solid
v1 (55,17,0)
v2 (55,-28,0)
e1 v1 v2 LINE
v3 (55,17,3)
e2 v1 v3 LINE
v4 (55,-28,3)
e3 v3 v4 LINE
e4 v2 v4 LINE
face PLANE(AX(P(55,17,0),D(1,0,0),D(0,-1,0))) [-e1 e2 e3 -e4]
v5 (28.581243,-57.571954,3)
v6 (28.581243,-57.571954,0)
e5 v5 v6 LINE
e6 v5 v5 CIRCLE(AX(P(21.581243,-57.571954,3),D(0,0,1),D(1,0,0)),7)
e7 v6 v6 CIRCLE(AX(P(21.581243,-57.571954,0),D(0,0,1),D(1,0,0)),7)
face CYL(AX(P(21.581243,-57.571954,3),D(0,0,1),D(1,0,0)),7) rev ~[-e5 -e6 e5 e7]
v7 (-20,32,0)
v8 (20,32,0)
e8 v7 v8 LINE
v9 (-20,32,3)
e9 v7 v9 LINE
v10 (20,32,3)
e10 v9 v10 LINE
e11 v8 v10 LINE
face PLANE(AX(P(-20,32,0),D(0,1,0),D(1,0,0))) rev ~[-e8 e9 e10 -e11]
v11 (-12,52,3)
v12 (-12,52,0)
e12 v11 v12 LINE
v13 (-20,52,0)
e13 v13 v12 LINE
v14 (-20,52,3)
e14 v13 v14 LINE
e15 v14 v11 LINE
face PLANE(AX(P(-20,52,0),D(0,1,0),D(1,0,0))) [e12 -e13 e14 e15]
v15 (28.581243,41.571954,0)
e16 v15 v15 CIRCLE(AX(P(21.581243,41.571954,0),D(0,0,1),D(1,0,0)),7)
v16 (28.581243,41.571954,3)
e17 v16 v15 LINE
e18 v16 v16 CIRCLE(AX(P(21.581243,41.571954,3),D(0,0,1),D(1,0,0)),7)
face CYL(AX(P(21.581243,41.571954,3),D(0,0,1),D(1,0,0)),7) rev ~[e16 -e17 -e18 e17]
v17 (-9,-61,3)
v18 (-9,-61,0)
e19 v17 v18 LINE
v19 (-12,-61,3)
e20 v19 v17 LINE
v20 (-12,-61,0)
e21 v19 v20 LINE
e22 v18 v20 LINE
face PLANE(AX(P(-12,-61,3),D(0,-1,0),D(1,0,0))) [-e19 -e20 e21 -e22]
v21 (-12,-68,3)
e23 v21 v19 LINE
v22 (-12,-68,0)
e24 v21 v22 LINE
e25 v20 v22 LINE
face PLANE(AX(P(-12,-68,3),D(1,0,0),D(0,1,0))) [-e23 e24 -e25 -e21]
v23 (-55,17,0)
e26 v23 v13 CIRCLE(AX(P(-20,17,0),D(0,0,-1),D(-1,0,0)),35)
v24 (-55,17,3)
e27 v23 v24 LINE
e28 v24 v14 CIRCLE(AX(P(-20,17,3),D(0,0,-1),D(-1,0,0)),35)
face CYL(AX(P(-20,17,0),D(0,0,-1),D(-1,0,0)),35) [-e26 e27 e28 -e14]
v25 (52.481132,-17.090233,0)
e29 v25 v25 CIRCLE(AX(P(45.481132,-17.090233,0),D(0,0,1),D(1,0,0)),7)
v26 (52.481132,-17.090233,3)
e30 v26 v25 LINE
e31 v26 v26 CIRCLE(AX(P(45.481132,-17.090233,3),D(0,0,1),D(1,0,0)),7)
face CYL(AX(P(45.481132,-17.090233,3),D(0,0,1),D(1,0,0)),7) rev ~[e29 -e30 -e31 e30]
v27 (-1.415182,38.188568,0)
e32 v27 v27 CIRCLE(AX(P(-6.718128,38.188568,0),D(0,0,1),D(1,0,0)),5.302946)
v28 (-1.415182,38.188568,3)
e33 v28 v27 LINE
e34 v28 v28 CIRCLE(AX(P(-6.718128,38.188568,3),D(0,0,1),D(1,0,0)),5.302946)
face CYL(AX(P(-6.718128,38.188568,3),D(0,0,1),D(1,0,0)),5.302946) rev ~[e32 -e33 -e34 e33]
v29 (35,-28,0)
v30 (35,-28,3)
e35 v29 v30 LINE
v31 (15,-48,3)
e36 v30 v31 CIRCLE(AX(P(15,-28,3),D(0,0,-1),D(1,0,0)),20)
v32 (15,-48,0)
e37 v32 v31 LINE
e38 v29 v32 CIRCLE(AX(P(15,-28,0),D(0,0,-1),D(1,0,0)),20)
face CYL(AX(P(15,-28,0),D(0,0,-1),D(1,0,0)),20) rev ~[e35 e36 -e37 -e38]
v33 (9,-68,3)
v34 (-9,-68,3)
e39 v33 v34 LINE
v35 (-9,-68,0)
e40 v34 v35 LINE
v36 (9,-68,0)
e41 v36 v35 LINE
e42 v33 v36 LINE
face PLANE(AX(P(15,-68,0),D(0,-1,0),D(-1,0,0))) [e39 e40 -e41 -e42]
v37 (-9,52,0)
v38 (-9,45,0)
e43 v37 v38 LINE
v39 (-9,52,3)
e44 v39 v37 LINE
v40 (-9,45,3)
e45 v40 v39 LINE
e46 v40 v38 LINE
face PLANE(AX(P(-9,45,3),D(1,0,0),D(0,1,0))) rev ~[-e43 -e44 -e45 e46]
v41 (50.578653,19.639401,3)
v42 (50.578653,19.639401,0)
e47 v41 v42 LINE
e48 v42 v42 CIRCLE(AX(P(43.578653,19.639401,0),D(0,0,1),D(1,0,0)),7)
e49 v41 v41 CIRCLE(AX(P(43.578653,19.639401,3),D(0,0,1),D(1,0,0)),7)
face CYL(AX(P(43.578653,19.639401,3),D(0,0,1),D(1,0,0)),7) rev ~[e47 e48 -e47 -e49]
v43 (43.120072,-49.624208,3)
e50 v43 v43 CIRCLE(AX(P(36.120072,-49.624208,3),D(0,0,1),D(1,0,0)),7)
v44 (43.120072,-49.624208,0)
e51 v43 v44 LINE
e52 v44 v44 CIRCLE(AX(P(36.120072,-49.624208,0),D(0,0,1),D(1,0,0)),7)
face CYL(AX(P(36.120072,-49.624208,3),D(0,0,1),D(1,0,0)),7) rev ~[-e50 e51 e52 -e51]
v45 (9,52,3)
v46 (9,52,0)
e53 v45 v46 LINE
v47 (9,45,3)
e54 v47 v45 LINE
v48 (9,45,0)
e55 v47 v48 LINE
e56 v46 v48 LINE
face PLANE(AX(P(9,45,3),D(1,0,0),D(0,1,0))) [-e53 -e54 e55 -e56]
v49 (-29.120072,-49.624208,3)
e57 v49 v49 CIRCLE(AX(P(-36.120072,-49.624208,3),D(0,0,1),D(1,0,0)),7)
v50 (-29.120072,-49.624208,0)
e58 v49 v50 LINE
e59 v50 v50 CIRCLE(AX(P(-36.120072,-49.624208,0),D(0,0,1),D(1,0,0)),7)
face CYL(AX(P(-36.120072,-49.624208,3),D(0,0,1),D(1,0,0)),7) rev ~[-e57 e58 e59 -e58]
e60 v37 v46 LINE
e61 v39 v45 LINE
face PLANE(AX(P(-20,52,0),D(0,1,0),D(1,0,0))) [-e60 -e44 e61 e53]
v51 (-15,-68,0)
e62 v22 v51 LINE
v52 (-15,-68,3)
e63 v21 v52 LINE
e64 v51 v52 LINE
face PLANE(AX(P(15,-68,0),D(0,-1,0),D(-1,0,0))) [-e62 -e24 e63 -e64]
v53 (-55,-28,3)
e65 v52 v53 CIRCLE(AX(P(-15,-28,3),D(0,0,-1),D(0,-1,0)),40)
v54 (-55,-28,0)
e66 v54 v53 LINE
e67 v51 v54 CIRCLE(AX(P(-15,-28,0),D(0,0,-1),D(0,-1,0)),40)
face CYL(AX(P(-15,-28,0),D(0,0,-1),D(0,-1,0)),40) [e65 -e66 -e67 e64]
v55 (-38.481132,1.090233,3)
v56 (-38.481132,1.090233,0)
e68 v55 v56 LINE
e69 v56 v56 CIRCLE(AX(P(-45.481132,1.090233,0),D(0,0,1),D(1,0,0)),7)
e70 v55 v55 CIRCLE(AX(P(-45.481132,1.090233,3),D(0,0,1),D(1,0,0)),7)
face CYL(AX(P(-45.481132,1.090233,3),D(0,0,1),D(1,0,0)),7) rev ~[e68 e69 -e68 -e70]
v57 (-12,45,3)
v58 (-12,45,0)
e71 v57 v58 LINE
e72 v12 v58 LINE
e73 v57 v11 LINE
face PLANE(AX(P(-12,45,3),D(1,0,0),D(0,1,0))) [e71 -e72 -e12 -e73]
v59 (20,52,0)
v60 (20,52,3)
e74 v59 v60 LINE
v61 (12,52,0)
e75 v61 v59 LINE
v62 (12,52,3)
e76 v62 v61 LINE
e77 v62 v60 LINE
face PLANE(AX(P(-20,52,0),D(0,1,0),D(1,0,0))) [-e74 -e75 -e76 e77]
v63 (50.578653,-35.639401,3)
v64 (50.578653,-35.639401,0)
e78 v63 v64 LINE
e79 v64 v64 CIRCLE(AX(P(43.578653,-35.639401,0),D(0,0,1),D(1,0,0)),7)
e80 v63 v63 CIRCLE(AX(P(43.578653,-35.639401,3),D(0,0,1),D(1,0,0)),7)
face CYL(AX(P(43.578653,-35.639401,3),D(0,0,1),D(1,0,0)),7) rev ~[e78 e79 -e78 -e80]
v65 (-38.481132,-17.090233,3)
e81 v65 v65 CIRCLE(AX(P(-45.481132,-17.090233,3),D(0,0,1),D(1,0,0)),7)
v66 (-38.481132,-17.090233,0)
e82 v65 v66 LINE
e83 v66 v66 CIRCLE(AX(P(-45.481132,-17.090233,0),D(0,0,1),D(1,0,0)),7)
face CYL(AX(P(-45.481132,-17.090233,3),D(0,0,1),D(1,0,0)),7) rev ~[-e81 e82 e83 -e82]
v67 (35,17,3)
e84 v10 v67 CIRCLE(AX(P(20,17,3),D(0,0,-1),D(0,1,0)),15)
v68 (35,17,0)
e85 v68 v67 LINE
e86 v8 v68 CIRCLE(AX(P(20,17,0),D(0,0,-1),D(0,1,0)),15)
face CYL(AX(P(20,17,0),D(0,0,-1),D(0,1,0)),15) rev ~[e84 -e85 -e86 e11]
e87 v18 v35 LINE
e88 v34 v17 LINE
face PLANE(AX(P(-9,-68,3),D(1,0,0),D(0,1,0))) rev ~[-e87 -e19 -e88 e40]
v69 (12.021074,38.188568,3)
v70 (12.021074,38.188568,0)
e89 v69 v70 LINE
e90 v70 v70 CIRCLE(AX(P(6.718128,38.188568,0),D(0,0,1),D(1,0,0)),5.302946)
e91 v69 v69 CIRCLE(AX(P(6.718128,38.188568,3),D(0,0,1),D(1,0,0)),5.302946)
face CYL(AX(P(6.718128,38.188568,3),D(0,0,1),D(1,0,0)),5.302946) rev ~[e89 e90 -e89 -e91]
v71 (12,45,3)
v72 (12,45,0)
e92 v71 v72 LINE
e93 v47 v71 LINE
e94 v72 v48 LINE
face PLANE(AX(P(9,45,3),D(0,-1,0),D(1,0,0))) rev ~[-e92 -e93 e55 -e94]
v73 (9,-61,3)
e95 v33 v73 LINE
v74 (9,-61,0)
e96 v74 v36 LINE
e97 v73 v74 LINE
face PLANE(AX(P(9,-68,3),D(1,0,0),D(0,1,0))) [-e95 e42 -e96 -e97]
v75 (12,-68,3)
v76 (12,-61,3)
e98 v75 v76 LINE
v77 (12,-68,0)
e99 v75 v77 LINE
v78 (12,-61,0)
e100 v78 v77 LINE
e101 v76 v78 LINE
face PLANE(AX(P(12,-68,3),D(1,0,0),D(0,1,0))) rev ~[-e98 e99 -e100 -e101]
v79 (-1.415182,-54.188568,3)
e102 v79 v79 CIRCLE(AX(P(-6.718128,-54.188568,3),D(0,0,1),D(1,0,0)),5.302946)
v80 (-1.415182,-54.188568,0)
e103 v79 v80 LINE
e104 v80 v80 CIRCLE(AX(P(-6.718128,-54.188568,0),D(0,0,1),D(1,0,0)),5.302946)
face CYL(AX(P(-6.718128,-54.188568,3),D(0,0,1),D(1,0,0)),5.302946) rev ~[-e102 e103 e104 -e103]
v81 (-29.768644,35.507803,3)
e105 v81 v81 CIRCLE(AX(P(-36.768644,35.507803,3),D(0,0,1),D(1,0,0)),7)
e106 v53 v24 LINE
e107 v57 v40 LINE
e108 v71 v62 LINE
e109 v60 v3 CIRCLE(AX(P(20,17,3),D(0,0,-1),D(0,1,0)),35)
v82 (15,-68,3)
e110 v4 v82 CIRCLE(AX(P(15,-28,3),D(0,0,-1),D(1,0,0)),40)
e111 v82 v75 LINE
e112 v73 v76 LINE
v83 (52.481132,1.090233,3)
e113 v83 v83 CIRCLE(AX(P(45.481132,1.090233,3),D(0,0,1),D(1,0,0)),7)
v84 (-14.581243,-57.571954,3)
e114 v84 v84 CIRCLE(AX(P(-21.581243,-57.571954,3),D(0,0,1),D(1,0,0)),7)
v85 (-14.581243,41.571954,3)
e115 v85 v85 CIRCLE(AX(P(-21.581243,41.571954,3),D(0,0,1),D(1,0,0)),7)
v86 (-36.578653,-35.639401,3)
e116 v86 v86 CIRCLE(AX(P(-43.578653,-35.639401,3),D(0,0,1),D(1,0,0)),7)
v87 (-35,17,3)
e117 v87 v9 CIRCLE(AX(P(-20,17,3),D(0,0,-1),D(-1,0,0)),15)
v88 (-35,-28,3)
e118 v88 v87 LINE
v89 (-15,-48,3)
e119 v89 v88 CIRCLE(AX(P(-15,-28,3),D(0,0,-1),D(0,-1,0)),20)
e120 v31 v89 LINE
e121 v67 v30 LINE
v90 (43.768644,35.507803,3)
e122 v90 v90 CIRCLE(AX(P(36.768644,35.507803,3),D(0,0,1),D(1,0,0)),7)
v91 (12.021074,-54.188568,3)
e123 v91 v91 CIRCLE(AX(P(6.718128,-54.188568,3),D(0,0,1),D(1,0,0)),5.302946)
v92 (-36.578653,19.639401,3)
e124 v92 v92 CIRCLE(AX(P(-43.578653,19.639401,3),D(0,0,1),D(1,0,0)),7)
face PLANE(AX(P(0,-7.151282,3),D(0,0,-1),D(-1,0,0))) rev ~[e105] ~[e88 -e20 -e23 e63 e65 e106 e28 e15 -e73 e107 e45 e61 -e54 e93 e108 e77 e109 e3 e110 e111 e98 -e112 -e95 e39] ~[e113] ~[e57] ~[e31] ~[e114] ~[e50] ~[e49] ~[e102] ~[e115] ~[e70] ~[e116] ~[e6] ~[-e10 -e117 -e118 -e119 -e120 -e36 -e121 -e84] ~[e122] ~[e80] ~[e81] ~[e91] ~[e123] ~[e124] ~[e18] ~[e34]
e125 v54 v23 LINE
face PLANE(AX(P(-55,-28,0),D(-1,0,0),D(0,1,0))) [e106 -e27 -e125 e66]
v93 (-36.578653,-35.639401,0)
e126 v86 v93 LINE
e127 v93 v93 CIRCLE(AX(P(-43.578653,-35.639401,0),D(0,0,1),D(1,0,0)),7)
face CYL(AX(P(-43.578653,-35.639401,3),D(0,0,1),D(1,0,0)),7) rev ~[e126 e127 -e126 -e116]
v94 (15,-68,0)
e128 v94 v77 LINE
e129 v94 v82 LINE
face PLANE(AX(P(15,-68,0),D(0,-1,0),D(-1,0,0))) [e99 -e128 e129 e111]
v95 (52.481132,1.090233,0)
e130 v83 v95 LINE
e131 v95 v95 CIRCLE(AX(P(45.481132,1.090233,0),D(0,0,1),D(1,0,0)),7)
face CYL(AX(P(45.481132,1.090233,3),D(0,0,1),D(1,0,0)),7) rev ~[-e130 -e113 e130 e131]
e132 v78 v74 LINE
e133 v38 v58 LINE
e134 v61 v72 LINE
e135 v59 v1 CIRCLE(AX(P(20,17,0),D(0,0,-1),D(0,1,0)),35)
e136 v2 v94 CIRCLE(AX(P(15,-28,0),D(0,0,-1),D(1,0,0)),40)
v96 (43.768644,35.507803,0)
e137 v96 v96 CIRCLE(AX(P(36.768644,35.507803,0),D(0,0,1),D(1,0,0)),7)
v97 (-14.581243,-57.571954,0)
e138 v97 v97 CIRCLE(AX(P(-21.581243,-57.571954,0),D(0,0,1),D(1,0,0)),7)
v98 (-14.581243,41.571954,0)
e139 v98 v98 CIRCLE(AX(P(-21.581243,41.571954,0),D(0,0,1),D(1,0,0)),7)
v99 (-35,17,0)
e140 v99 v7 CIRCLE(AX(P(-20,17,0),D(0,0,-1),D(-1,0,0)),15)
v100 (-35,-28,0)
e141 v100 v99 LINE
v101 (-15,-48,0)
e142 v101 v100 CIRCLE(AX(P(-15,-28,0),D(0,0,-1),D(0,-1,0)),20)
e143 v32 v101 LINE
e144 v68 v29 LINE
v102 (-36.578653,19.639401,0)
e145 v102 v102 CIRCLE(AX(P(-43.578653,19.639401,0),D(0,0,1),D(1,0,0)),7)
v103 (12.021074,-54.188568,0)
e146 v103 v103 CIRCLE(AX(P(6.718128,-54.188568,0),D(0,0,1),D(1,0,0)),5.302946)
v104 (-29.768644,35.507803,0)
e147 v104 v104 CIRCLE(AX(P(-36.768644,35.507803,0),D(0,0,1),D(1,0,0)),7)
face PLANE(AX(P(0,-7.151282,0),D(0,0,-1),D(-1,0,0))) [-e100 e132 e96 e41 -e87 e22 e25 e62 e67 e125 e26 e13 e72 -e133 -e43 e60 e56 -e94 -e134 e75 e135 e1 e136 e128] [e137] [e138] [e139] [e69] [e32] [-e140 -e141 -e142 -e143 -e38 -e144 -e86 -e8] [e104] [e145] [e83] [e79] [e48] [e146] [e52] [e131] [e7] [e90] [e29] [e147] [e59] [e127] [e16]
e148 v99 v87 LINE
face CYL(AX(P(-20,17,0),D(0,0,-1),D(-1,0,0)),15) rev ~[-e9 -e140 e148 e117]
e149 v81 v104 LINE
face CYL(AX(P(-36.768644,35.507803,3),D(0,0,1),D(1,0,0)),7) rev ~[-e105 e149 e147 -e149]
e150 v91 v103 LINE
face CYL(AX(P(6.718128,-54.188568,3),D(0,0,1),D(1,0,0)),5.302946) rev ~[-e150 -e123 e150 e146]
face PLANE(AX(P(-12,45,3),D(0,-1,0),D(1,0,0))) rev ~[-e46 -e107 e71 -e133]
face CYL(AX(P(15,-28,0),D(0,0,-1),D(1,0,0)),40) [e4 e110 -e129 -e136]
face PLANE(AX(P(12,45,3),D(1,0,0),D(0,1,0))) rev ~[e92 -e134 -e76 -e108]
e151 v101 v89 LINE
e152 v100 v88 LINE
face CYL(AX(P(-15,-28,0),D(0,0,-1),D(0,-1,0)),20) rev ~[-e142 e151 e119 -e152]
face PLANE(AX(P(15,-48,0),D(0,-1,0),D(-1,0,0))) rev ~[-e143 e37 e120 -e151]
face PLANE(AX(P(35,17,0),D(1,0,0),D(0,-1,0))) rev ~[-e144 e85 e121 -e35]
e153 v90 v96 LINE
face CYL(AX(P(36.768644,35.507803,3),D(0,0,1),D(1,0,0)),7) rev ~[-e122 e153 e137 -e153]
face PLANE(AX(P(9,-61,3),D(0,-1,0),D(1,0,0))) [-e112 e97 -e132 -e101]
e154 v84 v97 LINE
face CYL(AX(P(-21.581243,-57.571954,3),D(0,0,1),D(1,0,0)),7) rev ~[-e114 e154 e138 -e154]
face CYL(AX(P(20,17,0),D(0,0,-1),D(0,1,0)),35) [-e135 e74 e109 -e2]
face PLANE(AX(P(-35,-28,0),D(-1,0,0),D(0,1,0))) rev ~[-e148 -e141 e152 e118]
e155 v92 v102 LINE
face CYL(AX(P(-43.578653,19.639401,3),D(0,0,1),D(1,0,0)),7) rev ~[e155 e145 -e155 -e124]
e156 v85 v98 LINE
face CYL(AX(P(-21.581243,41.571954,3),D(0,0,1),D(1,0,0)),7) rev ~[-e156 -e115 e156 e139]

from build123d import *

# Parameters (mm, degrees)
BOSS_EXTRUDE1_DEPTH = 3
SKETCH2_W           = 3
SKETCH2_H           = 7
CUT_EXTRUDE1_DEPTH  = 10
SKETCH3_R           = 7
SKETCH3_R_2         = 5.302946182
CUT_EXTRUDE2_DEPTH  = 10


with BuildPart() as part:
    # Sketch1 → Boss-Extrude1 (new body)
    with BuildSketch(Plane.XY):
        with BuildLine():
            Line((-20, 52), (20, 52))
            ThreePointArc((20, 52), (44.748737342, 41.748737342), (55, 17))
            Line((55, 17), (55, -28))
            ThreePointArc((55, -28), (43.284271247, -56.284271247), (15, -68))
            Line((15, -68), (0.5, -68))
            Line((0.5, -68), (-0.5, -68))
            Line((-0.5, -68), (-15, -68))
            ThreePointArc((-15, -68), (-43.284271247, -56.284271247), (-55, -28))
            Line((-55, -28), (-55, 17))
            ThreePointArc((-55, 17), (-44.748737342, 41.748737342), (-20, 52))
        make_face()
        with BuildLine():
            Line((-20, 32), (20, 32))
            ThreePointArc((20, 32), (30.606601718, 27.606601718), (35, 17))
            Line((35, 17), (35, -28))
            ThreePointArc((35, -28), (29.142135624, -42.142135624), (15, -48))
            Line((15, -48), (0.5, -48))
            Line((0.5, -48), (-0.5, -48))
            Line((-0.5, -48), (-15, -48))
            ThreePointArc((-15, -48), (-29.142135624, -42.142135624), (-35, -28))
            Line((-35, -28), (-35, 17))
            ThreePointArc((-35, 17), (-30.606601718, 27.606601718), (-20, 32))
        make_face(mode=Mode.SUBTRACT)
    extrude(amount=BOSS_EXTRUDE1_DEPTH)

    # Sketch2 → Cut-Extrude1 (cut)
    with BuildSketch(Plane.XY.offset(3)):
        with Locations((-10.5, 48.5)):
            Rectangle(SKETCH2_W, SKETCH2_H)
        with Locations((-10.5, -64.5)):
            Rectangle(SKETCH2_W, SKETCH2_H)
        with Locations((10.5, -64.5)):
            Rectangle(SKETCH2_W, SKETCH2_H)
        with Locations((10.5, 48.5)):
            Rectangle(SKETCH2_W, SKETCH2_H)
    extrude(amount=-CUT_EXTRUDE1_DEPTH, mode=Mode.SUBTRACT)

    # Sketch3 → Cut-Extrude2 (cut)
    with BuildSketch(Plane.XY.offset(3)):
        with Locations((-45.481132216, 1.090233118)):
            Circle(SKETCH3_R)
        with Locations((-43.578653483, 19.639400767)):
            Circle(SKETCH3_R)
        with Locations((-36.768644381, 35.507802928)):
            Circle(SKETCH3_R)
        with Locations((-21.58124313, 41.57195389)):
            Circle(SKETCH3_R)
        with Locations((-6.718128027, 38.188568416)):
            Circle(SKETCH3_R_2)
        with Locations((-6.718128027, -54.188568416)):
            Circle(SKETCH3_R_2)
        with Locations((-21.58124313, -57.57195389)):
            Circle(SKETCH3_R)
        with Locations((-43.578653483, -35.639400767)):
            Circle(SKETCH3_R)
        with Locations((-45.481132216, -17.090233118)):
            Circle(SKETCH3_R)
        with Locations((45.481132216, -17.090233118)):
            Circle(SKETCH3_R)
        with Locations((43.578653483, -35.639400767)):
            Circle(SKETCH3_R)
        with Locations((21.58124313, -57.57195389)):
            Circle(SKETCH3_R)
        with Locations((6.718128027, -54.188568416)):
            Circle(SKETCH3_R_2)
        with Locations((6.718128027, 38.188568416)):
            Circle(SKETCH3_R_2)
        with Locations((21.58124313, 41.57195389)):
            Circle(SKETCH3_R)
        with Locations((36.768644381, 35.507802928)):
            Circle(SKETCH3_R)
        with Locations((43.578653483, 19.639400767)):
            Circle(SKETCH3_R)
        with Locations((45.481132216, 1.090233118)):
            Circle(SKETCH3_R)
        with Locations((-36.120072086, -49.624208078)):
            Circle(SKETCH3_R)
        with Locations((36.120072086, -49.624208078)):
            Circle(SKETCH3_R)
    extrude(amount=-CUT_EXTRUDE2_DEPTH, mode=Mode.SUBTRACT)


solid = part.part
